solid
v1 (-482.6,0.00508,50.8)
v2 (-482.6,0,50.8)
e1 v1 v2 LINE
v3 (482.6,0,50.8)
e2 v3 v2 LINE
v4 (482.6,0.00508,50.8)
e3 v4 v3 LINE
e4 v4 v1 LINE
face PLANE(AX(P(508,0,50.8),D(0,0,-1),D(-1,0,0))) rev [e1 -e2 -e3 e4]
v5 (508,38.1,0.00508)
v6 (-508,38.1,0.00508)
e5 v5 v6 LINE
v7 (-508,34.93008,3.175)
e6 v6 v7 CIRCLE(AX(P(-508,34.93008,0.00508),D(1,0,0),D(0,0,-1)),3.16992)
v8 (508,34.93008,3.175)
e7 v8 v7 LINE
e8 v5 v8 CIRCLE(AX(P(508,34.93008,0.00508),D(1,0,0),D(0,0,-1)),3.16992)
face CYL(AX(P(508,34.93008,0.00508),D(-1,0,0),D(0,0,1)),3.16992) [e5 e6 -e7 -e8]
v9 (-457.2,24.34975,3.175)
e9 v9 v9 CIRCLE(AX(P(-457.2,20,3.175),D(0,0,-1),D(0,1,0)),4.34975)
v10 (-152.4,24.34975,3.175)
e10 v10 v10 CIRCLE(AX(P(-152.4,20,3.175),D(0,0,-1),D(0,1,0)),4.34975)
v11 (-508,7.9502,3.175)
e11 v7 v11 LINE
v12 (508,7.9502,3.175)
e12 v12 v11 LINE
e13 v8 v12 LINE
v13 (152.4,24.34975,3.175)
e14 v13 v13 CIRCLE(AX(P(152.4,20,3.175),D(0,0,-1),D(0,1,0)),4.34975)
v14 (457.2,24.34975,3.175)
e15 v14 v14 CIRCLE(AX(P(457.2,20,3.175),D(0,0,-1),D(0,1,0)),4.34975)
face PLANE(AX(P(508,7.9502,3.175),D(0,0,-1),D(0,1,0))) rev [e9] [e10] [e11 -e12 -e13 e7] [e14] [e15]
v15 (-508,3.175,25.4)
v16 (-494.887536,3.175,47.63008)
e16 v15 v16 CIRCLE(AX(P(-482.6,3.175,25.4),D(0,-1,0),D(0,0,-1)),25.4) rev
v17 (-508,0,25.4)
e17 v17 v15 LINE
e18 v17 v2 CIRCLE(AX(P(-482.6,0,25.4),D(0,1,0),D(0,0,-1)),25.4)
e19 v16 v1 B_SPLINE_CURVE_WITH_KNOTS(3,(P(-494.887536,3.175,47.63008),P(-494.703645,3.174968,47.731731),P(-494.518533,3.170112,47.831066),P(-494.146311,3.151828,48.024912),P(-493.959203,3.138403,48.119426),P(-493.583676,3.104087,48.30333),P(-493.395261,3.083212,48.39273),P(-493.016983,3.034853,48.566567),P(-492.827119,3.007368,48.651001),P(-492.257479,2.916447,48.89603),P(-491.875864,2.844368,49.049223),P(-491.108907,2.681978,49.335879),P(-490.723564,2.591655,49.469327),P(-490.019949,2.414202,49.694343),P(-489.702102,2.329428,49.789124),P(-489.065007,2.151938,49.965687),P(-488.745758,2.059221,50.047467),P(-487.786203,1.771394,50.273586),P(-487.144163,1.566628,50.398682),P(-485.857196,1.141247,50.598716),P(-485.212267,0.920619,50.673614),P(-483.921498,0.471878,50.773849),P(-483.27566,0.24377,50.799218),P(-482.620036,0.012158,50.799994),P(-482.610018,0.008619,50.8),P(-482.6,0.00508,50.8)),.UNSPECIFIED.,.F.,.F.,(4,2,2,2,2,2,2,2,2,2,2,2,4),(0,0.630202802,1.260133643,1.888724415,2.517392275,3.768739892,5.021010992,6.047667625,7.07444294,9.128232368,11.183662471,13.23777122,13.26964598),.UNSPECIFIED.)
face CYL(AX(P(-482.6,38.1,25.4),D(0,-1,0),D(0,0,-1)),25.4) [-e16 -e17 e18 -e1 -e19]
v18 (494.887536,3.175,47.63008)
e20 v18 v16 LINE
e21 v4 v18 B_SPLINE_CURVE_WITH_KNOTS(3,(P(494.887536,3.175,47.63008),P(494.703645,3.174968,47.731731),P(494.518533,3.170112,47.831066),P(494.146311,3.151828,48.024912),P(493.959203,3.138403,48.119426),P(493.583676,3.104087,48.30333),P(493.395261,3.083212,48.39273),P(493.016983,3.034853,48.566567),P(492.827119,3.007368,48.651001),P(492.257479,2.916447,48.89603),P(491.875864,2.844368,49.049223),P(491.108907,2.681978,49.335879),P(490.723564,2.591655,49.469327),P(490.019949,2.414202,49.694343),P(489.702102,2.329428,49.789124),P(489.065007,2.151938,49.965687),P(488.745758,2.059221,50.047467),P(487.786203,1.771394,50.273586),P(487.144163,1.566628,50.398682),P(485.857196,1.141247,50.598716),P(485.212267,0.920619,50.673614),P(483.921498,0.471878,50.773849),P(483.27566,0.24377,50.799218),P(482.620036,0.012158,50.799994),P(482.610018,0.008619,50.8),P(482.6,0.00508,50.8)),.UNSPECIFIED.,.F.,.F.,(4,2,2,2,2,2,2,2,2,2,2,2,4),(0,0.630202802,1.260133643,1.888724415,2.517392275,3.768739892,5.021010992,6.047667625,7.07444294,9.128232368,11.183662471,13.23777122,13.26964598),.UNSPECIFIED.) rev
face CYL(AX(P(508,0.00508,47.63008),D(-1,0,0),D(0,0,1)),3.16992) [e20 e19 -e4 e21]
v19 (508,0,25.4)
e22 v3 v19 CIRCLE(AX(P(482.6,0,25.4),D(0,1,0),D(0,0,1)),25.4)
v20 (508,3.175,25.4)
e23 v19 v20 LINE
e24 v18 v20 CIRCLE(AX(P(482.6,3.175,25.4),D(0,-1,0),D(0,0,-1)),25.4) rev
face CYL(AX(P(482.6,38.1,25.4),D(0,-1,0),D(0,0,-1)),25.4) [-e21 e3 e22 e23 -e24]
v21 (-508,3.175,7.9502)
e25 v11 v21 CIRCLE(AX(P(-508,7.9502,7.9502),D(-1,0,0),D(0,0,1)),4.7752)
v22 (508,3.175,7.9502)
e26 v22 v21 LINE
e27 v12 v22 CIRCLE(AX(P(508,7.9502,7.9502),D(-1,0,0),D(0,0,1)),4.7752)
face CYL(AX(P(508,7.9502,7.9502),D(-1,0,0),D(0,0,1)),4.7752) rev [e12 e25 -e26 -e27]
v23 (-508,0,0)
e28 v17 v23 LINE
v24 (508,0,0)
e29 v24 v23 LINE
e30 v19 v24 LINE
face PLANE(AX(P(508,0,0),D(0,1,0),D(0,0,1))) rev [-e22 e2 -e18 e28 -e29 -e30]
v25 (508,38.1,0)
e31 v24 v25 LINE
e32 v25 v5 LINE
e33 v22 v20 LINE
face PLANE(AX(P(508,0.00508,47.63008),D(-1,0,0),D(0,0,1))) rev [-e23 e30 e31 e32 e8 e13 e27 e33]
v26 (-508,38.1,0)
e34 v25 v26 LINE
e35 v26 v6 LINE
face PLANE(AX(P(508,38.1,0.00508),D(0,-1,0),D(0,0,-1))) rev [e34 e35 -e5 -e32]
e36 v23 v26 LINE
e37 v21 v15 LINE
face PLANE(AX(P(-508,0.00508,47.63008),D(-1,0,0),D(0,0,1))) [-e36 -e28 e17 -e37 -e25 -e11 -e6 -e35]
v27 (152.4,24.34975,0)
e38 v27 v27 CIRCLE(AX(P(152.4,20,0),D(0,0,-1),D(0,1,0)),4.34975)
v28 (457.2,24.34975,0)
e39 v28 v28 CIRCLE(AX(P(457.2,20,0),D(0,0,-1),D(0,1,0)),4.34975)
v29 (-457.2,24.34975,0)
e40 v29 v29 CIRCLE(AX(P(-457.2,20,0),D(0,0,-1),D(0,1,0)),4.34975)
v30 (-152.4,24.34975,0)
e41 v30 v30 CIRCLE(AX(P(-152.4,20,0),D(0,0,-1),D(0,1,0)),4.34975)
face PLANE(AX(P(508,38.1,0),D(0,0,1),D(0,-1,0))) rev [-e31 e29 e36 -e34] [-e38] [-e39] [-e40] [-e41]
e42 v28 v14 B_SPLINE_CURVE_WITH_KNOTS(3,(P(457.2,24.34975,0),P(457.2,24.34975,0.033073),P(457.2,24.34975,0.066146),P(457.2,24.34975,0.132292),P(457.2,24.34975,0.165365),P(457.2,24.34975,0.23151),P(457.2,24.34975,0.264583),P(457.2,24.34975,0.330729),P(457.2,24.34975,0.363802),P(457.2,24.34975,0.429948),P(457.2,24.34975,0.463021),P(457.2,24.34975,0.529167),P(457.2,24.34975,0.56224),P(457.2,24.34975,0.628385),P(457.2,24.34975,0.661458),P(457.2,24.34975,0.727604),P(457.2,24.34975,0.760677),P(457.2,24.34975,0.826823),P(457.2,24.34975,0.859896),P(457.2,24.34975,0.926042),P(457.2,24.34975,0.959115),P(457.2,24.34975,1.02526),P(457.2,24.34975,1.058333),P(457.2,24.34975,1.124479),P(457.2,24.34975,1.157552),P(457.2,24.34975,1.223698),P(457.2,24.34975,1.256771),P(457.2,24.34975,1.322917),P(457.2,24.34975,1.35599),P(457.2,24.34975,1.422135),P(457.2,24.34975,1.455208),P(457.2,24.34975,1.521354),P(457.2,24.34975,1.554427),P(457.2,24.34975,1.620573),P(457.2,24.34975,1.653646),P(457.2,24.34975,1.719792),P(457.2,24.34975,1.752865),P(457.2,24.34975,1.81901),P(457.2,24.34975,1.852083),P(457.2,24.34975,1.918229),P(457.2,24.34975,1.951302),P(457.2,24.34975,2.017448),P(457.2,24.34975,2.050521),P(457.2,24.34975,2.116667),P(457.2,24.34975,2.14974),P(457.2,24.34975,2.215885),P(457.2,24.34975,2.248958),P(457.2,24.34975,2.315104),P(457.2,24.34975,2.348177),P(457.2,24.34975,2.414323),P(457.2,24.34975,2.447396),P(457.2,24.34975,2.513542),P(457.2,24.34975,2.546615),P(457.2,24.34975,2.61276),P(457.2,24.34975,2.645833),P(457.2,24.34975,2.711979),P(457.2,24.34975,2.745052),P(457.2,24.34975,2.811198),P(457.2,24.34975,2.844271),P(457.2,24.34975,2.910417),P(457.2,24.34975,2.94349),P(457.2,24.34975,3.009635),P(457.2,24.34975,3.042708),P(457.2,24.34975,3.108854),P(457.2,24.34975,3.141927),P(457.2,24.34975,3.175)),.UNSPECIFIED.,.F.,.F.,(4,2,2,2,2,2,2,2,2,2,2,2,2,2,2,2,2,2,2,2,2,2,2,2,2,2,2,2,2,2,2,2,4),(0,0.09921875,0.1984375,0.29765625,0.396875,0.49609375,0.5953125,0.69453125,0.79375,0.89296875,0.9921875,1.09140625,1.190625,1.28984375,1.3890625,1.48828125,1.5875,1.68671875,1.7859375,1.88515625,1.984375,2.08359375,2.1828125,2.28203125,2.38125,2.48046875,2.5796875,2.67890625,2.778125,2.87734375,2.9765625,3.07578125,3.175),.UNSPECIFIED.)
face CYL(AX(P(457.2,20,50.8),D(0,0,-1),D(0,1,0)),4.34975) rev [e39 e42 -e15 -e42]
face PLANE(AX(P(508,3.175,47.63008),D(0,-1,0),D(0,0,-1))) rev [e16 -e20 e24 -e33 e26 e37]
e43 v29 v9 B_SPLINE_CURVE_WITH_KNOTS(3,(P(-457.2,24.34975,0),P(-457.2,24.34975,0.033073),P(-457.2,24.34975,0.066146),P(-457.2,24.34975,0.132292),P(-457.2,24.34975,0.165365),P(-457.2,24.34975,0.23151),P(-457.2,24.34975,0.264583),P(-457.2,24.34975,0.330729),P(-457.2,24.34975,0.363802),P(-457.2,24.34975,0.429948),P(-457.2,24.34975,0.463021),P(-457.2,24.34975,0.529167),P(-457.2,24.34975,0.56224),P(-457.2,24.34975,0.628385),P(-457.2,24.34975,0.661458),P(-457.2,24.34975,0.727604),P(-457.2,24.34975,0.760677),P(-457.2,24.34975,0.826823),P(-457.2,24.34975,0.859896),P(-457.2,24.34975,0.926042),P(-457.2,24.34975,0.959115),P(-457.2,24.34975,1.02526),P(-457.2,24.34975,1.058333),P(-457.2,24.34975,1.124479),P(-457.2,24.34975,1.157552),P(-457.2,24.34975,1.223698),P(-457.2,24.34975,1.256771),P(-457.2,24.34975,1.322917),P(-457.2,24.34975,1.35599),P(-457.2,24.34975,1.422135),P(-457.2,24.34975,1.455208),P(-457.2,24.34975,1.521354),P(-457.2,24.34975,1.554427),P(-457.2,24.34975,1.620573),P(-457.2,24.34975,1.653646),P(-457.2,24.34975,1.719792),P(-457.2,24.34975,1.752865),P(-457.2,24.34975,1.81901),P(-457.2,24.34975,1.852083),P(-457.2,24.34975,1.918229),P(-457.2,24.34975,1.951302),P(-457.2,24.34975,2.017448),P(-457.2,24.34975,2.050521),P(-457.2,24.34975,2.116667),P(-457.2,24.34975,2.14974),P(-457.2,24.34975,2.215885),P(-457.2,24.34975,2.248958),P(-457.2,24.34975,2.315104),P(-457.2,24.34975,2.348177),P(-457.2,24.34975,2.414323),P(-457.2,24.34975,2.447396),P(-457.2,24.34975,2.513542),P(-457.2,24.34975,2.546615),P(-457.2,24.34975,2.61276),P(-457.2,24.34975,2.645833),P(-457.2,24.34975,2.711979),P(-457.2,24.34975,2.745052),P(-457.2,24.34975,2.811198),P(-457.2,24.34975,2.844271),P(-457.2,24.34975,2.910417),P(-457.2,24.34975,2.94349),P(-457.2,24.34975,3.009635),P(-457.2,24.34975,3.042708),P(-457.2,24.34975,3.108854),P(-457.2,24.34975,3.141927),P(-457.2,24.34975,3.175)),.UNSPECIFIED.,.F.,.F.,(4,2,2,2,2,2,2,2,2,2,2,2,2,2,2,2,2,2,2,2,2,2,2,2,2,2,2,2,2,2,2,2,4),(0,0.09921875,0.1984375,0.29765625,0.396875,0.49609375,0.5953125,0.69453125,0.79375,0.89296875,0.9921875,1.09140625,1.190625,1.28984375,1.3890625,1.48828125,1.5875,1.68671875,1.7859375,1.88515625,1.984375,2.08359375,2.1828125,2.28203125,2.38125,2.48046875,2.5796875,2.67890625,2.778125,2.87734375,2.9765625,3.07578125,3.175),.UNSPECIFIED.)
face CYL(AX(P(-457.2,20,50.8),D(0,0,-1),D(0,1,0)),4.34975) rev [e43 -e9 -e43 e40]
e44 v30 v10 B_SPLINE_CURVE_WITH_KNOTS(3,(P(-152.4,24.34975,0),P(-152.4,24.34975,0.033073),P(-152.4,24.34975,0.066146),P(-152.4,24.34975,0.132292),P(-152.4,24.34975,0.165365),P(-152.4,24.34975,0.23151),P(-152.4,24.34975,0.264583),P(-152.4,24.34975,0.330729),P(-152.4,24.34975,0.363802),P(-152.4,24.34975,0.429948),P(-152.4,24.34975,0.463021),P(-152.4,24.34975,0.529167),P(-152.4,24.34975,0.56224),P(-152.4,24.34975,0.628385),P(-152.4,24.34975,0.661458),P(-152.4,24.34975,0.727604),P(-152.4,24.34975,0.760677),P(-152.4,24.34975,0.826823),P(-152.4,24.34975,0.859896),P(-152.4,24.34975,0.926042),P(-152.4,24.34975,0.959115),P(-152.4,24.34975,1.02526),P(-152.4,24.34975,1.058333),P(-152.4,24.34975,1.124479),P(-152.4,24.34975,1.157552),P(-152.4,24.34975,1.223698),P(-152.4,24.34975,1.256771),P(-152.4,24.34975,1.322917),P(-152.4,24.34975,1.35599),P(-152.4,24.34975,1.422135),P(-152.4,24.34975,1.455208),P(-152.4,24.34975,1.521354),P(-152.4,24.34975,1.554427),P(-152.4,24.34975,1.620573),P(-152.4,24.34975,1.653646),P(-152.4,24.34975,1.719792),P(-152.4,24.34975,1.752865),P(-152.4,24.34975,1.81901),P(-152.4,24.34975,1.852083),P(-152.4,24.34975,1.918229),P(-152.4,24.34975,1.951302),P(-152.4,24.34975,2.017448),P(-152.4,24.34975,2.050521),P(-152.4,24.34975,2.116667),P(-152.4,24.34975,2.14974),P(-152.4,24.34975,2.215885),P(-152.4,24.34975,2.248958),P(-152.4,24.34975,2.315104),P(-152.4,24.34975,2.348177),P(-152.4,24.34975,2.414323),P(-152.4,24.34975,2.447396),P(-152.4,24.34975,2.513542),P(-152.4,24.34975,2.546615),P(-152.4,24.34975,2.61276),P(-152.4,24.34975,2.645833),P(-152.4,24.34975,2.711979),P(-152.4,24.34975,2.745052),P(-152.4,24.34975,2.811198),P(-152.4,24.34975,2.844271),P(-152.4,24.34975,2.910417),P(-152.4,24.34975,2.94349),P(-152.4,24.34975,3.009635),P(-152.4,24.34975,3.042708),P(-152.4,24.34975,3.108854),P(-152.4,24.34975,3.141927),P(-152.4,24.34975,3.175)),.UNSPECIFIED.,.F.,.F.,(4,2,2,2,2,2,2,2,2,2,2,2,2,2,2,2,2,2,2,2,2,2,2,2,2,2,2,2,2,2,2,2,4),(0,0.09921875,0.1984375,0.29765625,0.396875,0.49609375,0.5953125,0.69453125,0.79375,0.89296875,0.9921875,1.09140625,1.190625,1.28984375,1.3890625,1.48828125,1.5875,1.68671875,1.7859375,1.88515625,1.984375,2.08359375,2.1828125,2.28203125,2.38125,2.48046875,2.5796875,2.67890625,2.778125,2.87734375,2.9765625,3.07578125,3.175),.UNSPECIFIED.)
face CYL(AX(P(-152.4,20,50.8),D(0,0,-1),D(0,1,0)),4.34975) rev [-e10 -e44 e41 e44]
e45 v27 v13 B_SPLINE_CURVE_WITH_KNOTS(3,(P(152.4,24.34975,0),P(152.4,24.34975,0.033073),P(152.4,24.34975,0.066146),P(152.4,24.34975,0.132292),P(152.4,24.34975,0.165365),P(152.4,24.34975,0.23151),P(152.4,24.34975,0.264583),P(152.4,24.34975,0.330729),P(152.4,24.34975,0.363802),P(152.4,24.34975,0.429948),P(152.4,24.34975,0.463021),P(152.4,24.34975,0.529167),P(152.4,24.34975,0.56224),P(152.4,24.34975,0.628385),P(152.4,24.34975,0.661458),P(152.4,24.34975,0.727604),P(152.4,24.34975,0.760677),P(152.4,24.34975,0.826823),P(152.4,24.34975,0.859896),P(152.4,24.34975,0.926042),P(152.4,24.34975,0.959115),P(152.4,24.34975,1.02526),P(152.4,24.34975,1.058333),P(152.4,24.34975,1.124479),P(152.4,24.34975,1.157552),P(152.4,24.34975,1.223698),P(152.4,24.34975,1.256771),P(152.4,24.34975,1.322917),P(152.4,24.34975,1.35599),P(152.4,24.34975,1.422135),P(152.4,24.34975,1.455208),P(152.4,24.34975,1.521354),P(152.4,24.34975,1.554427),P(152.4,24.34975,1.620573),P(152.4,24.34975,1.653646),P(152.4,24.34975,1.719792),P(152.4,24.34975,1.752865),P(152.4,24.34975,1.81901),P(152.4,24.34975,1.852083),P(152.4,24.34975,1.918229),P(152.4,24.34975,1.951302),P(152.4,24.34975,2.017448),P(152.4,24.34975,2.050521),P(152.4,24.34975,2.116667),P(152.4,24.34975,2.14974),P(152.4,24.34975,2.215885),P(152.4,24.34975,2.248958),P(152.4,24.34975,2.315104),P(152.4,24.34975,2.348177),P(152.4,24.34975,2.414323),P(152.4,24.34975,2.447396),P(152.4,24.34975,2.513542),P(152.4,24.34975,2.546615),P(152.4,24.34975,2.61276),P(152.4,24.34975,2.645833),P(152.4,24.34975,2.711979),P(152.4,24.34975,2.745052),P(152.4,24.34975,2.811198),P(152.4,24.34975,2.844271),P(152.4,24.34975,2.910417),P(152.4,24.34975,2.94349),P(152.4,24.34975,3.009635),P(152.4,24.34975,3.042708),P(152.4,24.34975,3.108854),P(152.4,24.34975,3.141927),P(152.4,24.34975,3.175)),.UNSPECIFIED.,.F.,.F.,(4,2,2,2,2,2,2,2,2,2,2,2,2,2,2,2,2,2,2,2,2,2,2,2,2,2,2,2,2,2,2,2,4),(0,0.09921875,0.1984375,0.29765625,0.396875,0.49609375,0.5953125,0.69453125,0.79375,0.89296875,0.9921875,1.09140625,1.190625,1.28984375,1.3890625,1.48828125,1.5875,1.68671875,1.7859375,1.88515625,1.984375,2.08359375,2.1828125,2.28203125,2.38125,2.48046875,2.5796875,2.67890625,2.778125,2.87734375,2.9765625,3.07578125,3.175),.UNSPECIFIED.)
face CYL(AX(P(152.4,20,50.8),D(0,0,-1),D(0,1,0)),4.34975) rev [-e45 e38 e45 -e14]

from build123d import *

# Parameters (mm, degrees)
AL_L_ANGLE_ROUNDED_ENDS_L2X1_5X0_125_1_DEPTH = 1016
CUT_EXTRUDE1_DEPTH                           = 512.9533670169578
SKETCH14_R                                   = 4.349749999999978
CUT_EXTRUDE2_DEPTH                           = 512.9533671261084


with BuildPart() as part:
    # Sketch12 → Al l angle (rounded ends) L2X1.5X0.125(1) (new body)
    with BuildSketch(Plane.YZ.offset(-508)):
        with BuildLine():
            Line((0, 0), (-6.94e-15, 50.79999999999999))
            Line((-6.94e-15, 50.79999999999999), (0.00507999999999065, 50.79999999999999))
            ThreePointArc((0.00507999999999065, 50.79999999999999), (2.24655192781885, 49.87155192781885), (3.174999999999991, 47.63007999999999))
            Line((3.174999999999991, 47.63007999999999), (3.1749999999999825, 7.950199999999994))
            ThreePointArc((3.1749999999999825, 7.950199999999994), (4.573623698477981, 4.573623698477992), (7.950199999999982, 3.1749999999999945))
            Line((7.950199999999982, 3.1749999999999945), (34.93008, 3.174999999999994))
            ThreePointArc((34.93008, 3.174999999999994), (37.171551927818854, 2.246551927818857), (38.099999999999994, 0.00507999999999845))
            Line((38.099999999999994, 0.00507999999999845), (38.099999999999994, -1.56e-15))
            Line((38.099999999999994, -1.56e-15), (0, 0))
        make_face()
    extrude(amount=AL_L_ANGLE_ROUNDED_ENDS_L2X1_5X0_125_1_DEPTH)

    # Sketch13 → Cut-Extrude1 (cut, through all)
    with BuildSketch(Plane.XZ):
        with BuildLine():
            Line((-508, 50.79999999999999), (-508, 25.399999999999984))
            ThreePointArc((-508, 25.399999999999984), (-500.5605122421383, 43.3605122421383), (-482.6, 50.79999999999999))
            Line((-482.6, 50.79999999999999), (-508, 50.79999999999999))
        make_face()
        with BuildLine():
            Line((508, 50.79999999999999), (508, 25.399999999999984))
            ThreePointArc((508, 25.399999999999984), (500.5605122421383, 43.3605122421383), (482.6, 50.79999999999999))
            Line((482.6, 50.79999999999999), (508, 50.79999999999999))
        make_face()
    extrude(amount=-CUT_EXTRUDE1_DEPTH, mode=Mode.SUBTRACT)

    # Sketch14 → Cut-Extrude2 (cut, through all)
    with BuildSketch(Plane(origin=(0, 0, 0), x_dir=(-1, 0, 0), z_dir=(0, -4e-17, -1))):
        with Locations(Location((457.20000000000005, 20.000000000006384, 0), (0, 0, 90))):
            Circle(SKETCH14_R)
        with Locations(Location((152.40000000000003, 20.000000000004256, 0), (0, 0, 90))):
            Circle(SKETCH14_R)
        with Locations(Location((-152.39999999999998, 20.000000000002128, 0), (0, 0, 90))):
            Circle(SKETCH14_R)
        with Locations(Location((-457.20000000000005, 20, 0), (0, 0, 90))):
            Circle(SKETCH14_R)
    extrude(amount=-CUT_EXTRUDE2_DEPTH, mode=Mode.SUBTRACT)


solid = part.part
